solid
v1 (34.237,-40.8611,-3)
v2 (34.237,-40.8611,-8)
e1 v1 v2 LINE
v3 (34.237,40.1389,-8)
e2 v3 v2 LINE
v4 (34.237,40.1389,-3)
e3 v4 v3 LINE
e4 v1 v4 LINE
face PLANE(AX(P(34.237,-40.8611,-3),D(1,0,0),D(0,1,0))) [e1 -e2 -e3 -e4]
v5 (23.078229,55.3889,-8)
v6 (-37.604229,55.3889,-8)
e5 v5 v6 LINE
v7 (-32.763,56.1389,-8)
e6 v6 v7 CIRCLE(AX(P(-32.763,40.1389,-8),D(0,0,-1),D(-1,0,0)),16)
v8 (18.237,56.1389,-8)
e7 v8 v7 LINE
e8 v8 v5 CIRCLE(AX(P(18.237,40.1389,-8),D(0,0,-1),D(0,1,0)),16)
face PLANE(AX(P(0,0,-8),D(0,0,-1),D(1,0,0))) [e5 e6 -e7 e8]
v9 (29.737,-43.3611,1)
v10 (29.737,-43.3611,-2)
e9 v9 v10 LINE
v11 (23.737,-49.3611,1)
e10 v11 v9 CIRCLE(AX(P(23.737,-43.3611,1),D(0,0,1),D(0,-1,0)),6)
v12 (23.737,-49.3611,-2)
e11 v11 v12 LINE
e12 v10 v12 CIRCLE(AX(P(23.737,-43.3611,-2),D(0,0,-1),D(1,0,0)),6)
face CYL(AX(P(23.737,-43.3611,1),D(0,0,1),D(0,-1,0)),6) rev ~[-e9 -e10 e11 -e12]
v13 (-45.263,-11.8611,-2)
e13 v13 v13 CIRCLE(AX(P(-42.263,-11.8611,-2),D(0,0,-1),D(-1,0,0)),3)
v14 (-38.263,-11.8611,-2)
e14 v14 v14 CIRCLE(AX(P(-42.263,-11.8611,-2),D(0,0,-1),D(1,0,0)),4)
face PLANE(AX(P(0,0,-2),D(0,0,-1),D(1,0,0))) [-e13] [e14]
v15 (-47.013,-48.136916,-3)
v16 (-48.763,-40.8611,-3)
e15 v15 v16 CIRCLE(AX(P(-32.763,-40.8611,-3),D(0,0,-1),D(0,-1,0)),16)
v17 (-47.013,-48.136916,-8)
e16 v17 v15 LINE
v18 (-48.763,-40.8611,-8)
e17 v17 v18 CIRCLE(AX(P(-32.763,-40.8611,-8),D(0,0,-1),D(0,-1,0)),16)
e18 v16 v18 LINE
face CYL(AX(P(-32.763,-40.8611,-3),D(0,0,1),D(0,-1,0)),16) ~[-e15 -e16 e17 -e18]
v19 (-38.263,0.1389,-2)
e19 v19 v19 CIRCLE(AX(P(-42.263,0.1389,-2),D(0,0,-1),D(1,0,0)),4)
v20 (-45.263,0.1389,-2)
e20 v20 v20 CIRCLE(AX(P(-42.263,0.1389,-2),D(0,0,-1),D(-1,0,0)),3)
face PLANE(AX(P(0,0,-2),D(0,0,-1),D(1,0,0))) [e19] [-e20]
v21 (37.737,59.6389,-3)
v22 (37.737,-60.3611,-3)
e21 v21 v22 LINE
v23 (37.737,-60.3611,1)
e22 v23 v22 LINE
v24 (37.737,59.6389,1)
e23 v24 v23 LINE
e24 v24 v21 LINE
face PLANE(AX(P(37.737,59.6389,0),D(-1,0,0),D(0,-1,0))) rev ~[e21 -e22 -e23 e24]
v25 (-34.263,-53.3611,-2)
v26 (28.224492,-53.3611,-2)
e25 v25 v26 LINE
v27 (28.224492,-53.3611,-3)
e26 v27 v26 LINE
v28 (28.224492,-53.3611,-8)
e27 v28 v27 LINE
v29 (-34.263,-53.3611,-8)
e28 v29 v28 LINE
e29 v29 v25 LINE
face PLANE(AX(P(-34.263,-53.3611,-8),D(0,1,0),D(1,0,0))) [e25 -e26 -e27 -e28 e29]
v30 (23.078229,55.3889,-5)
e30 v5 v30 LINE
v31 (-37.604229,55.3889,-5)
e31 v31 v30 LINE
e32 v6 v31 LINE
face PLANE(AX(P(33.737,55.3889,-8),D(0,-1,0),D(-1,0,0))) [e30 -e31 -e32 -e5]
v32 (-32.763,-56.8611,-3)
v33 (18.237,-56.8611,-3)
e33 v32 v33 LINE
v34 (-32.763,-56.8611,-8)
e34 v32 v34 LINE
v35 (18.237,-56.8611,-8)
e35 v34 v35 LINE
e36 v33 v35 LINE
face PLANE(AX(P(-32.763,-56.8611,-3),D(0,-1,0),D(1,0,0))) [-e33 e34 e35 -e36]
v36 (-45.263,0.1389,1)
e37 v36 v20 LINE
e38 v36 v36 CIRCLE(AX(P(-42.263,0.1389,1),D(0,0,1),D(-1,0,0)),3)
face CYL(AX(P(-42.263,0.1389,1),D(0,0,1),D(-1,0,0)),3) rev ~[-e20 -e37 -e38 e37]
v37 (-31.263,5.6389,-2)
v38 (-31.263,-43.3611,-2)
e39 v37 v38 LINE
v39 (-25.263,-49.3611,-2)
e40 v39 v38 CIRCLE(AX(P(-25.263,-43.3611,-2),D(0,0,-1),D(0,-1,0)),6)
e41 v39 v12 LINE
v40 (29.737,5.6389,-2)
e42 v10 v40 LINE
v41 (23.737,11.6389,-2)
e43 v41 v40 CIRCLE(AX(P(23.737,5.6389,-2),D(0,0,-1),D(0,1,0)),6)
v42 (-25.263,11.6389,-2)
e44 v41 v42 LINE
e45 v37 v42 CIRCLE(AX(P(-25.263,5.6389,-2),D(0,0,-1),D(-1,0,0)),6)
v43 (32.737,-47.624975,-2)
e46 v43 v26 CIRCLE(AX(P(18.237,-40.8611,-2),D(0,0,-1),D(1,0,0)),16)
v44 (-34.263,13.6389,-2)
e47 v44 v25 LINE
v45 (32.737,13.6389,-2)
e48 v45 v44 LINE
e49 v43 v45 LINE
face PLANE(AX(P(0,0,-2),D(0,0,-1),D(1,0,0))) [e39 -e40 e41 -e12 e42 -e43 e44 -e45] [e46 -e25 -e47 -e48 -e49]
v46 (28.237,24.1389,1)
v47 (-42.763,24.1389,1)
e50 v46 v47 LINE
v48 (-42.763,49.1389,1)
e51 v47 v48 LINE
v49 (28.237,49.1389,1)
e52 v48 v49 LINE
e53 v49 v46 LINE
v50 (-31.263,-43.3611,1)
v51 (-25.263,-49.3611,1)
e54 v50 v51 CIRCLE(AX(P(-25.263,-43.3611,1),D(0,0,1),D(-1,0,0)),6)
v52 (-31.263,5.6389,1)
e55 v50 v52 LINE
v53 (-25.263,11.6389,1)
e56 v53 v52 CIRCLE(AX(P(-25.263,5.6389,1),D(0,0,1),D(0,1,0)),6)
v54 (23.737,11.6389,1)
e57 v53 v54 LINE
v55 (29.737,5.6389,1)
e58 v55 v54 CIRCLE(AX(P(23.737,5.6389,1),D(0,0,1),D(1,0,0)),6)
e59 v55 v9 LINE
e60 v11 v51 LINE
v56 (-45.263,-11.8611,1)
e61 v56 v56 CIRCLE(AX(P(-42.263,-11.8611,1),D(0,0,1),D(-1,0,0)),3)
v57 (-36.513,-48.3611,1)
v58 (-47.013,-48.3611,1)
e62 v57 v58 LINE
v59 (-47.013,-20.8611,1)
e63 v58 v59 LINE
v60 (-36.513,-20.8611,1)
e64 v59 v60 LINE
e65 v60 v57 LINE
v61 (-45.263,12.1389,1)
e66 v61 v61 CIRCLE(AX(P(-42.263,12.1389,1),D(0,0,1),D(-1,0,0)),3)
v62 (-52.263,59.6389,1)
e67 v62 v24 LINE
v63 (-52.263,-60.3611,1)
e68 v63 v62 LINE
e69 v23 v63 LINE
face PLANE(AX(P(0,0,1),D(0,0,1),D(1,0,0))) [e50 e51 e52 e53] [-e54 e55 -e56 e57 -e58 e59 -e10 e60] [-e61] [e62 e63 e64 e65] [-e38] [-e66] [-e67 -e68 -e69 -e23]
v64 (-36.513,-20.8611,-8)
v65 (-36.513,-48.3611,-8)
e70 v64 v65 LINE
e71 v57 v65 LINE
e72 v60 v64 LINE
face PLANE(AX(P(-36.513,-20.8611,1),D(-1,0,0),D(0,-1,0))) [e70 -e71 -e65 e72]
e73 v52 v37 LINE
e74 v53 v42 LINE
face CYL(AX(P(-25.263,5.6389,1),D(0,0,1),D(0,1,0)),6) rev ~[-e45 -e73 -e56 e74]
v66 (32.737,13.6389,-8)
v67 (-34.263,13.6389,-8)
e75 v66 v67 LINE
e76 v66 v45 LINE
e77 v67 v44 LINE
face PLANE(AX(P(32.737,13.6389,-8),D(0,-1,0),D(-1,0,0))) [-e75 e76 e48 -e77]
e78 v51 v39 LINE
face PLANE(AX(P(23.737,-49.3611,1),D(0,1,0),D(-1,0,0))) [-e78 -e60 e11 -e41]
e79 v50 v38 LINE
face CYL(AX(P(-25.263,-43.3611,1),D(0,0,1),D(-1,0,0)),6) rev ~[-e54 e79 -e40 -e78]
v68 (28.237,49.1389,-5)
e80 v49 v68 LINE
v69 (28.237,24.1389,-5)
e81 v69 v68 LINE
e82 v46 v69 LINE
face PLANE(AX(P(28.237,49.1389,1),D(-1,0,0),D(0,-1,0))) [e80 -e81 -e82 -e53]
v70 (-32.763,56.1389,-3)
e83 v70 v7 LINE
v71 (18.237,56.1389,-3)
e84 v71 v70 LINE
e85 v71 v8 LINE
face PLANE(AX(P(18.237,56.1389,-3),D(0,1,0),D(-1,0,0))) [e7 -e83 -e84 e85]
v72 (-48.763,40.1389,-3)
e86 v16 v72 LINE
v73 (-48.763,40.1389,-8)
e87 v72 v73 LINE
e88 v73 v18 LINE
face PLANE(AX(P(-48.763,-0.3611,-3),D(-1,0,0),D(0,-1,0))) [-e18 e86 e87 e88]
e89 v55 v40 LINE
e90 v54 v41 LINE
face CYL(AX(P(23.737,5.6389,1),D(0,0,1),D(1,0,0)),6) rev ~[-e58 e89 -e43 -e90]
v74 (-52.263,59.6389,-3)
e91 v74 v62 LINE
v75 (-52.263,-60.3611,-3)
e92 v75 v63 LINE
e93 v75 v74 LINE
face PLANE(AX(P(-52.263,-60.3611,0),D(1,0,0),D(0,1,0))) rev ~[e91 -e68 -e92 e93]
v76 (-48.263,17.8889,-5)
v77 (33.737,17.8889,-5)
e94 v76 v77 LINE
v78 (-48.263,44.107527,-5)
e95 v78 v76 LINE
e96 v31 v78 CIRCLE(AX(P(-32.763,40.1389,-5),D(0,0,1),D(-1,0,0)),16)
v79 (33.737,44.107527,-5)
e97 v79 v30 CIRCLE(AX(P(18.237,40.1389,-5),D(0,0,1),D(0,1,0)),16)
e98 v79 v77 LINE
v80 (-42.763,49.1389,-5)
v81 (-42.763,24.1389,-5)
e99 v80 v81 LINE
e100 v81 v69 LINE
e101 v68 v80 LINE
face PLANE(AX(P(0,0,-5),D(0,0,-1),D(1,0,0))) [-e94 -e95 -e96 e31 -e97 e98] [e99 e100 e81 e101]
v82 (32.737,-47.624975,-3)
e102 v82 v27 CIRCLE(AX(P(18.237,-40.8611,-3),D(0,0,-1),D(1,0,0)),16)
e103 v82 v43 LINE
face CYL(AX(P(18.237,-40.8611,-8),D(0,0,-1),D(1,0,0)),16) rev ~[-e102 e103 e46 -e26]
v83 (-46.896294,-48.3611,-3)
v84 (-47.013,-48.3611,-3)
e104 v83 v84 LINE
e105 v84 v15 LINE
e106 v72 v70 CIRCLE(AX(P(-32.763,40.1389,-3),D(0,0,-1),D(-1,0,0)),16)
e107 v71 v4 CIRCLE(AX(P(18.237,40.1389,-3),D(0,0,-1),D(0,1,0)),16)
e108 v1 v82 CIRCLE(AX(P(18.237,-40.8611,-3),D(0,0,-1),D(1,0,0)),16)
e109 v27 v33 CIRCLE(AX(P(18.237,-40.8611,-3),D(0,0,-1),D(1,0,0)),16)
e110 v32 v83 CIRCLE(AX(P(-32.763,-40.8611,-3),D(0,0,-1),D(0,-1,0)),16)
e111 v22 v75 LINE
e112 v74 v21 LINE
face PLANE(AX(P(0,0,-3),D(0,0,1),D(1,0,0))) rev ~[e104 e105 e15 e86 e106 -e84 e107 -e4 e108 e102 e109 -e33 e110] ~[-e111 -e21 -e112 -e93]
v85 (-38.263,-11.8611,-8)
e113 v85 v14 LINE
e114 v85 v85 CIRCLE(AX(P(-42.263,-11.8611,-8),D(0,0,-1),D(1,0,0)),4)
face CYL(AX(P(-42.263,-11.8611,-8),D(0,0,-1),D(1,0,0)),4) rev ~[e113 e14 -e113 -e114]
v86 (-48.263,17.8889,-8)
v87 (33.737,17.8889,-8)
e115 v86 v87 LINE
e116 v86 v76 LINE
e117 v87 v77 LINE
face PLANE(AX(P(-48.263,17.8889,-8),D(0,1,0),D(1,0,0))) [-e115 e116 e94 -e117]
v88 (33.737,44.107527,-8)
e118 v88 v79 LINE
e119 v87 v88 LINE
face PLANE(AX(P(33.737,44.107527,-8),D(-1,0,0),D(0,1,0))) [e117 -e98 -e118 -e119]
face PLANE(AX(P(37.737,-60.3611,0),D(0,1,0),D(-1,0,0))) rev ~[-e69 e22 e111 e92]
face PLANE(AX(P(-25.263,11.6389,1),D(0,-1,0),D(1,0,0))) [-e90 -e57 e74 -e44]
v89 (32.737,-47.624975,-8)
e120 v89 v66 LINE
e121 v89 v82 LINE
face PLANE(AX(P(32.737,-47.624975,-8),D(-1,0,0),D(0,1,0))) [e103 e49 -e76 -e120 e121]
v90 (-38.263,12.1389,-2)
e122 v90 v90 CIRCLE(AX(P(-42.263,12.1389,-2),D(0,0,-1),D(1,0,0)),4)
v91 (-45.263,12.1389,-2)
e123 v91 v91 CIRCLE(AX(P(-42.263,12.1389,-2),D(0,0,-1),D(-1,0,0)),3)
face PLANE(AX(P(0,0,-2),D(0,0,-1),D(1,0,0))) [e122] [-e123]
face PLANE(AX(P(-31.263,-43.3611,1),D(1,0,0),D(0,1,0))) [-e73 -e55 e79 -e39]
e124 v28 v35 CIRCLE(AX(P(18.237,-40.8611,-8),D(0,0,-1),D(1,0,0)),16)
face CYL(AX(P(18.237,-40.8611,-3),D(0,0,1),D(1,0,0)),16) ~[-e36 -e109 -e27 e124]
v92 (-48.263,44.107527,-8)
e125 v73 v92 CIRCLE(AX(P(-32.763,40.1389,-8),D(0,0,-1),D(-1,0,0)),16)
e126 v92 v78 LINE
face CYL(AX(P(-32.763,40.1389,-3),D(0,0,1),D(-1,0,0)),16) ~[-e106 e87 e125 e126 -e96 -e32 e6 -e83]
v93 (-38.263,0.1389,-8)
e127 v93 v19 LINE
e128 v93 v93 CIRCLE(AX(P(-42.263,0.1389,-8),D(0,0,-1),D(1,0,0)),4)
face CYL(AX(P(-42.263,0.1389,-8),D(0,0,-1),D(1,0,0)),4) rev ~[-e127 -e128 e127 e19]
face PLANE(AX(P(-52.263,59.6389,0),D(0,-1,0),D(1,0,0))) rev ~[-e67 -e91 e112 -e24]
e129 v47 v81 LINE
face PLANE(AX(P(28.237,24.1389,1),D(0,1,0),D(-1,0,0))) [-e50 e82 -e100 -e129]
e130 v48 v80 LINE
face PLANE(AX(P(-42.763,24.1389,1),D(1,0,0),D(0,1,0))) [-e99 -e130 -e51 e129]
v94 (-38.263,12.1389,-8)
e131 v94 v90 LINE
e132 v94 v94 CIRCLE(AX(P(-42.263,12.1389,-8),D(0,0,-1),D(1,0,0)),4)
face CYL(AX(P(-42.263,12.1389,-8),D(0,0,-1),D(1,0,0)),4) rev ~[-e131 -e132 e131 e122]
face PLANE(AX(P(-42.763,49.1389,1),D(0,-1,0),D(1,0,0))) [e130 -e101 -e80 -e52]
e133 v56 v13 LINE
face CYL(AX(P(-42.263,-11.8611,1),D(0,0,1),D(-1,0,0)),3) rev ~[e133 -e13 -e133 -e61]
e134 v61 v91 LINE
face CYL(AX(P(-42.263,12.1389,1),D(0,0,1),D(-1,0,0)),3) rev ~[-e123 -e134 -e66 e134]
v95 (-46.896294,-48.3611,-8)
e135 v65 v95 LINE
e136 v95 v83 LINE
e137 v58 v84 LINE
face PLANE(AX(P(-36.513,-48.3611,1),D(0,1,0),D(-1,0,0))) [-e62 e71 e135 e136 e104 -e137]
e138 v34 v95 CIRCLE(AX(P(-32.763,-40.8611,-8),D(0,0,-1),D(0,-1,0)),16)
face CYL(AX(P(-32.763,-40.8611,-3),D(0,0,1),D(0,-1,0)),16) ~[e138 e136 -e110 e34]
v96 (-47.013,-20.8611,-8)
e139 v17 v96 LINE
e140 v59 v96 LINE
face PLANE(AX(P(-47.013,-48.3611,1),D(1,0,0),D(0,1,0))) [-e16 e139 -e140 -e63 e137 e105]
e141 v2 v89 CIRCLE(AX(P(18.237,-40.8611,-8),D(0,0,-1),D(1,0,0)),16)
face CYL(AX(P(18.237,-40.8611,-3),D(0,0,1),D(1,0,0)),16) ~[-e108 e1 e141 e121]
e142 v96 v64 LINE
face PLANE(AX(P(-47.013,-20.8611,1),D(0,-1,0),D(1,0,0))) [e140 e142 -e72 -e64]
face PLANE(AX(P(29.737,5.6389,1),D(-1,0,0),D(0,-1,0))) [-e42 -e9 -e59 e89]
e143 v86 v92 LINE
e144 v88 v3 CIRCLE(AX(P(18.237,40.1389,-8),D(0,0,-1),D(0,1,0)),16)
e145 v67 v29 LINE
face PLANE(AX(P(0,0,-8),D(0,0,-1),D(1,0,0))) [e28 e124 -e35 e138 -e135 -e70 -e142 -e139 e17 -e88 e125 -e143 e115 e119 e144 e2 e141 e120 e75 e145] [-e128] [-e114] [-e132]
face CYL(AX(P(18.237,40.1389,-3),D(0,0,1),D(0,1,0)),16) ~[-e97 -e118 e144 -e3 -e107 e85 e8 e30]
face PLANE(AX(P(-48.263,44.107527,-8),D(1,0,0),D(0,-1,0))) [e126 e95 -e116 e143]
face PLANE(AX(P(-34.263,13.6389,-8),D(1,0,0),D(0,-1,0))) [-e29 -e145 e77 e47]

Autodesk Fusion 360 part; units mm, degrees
sketch "Skizze1" plane through (0, 0, 0) normal (0, 0, 1) x (1, 0, 0)
  line L0 (-52.263, 59.6389) -> (37.737, 59.6389)
  line L1 (37.737, 59.6389) -> (37.737, -60.3611)
  line L2 (37.737, -60.3611) -> (-52.263, -60.3611)
  line L3 (-52.263, -60.3611) -> (-52.263, 59.6389)
  dimension "d1" = 90
  dimension "d2" = 120
extrude "Extrusion1" add sketch "Skizze1" against normal blind 3
extrude "Extrusion2" add 1 faces at (-22.263, 19.6389, 0) along direction (0, 0, 1) blind 1
sketch "Skizze2" plane through (0, 0, 1) normal (0, 0, 1) x (-1, 0, 0)
  line L0 (52.263, 60.3611) -> (-37.737, 60.3611)
  line L1 (-37.737, 60.3611) -> (-37.737, -59.6389)
  line L2 (-37.737, -59.6389) -> (52.263, -59.6389)
  line L3 (52.263, -59.6389) -> (52.263, 60.3611)
  line L4 (25.263, -11.6389) -> (-23.737, -11.6389)
  line L5 (-29.737, -5.6389) -> (-29.737, 43.3611)
  line L6 (-23.737, 49.3611) -> (25.263, 49.3611)
  line L7 (31.263, 43.3611) -> (31.263, -5.6389)
  line L8 (33.263, -12.6389) -> (-31.737, -12.6389)
  line L9 (-31.737, -12.6389) -> (-31.737, 52.3611)
  line L10 (-31.737, 52.3611) -> (33.263, 52.3611)
  line L11 (33.263, 52.3611) -> (33.263, -12.6389)
  line L12 (42.763, -49.1389) -> (-28.237, -49.1389)
  line L13 (-28.237, -49.1389) -> (-28.237, -24.1389)
  line L14 (-28.237, -24.1389) -> (42.763, -24.1389)
  line L15 (42.763, -24.1389) -> (42.763, -49.1389)
  circle A0 centre (42.263, -12.1389) radius 3
  circle A1 centre (42.263, -0.1389) radius 3
  circle A2 centre (42.263, 11.8611) radius 3
  line L16 (47.013, 20.8611) -> (36.513, 20.8611)
  line L17 (36.513, 20.8611) -> (36.513, 48.3611)
  line L18 (36.513, 48.3611) -> (47.013, 48.3611)
  line L19 (47.013, 48.3611) -> (47.013, 20.8611)
  arc A3 (-29.737, -5.6389) -> (-23.737, -11.6389) centre (-23.737, -5.6389) ccw
  arc A4 (25.263, -11.6389) -> (31.263, -5.6389) centre (25.263, -5.6389) ccw
  arc A5 (31.263, 43.3611) -> (25.263, 49.3611) centre (25.263, 43.3611) ccw
  arc A6 (-23.737, 49.3611) -> (-29.737, 43.3611) centre (-23.737, 43.3611) ccw
  point P0 (31.263, -11.6389)
  point P1 (-29.737, -11.6389)
  point P2 (31.263, 49.3611)
  dimension "d7" = 61
  dimension "d8" = 61
  dimension "d10" = 11
  dimension "d11" = 65
  dimension "d12" = 65
  dimension "d13" = 8
  dimension "d19" = 25
  dimension "d20" = 71
  dimension "d23" = 8
  dimension "d24" = 6
  dimension "d25" = 6
  dimension "d26" = 9
  dimension "d28" = 6
  dimension "d29" = 6
  dimension "d30" = 12
  dimension "d31" = 9
  dimension "d32" = 9
  dimension "d33" = 12
  dimension "d34" = 10.5
  dimension "d35" = 27.5
  dimension "d36" = 12
  dimension "d37" = 5.25
  dimension "d62" = 6
  dimension "d63" = 6
  dimension "d82" = 12
sketch "Skizze3" plane through (0, 0, -3) normal (0, 0, -1) x (1, 0, 0)
  line L0 (37.737, 60.3611) -> (-52.263, 60.3611)
  line L1 (-52.263, 60.3611) -> (-52.263, -59.6389)
  line L2 (-52.263, -59.6389) -> (37.737, -59.6389)
  line L3 (37.737, -59.6389) -> (37.737, 60.3611)
  line L4 (-32.763, 56.8611) -> (18.237, 56.8611)
  line L5 (34.237, 40.8611) -> (34.237, -56.1389)
  line L6 (34.237, -56.1389) -> (-48.763, -56.1389)
  line L7 (-48.763, -56.1389) -> (-48.763, 40.8611)
  arc A0 (34.237, 40.8611) -> (18.237, 56.8611) centre (18.237, 40.8611) ccw
  arc A1 (-32.763, 56.8611) -> (-48.763, 40.8611) centre (-32.763, 40.8611) ccw
  line L8 (-52.263, 0.3611) -> (37.737, 0.3611)
  arc A2 (-48.763, -40.1389) -> (-32.763, -56.1389) centre (-32.763, -40.1389) ccw
  arc A3 (18.237, -56.1389) -> (34.237, -40.1389) centre (18.237, -40.1389) ccw
  dimension "d38" = 3.5
  dimension "d39" = 3.5
  dimension "d40" = 3.5
  dimension "d41" = 3.5
  dimension "d45" = 16
  dimension "d46" = 16
extrude "Extrusion3" add sketch "Skizze3" along normal blind 5 contours L4 L5 L7 A0 A1 L8 | L5 L6 L7 L8 A2 A3
extrude "Extrusion4" cut sketch "Skizze2" against normal blind 9 contours A1
extrude "Extrusion5" cut sketch "Skizze2" against normal blind 9 contours A0 | A2
sketch "Skizze4" plane through (0, 0, -8) normal (0, 0, -1) x (1, 0, 0)
  circle A0 centre (-42.263, -12.1389) radius 3
  circle A1 centre (-42.263, 11.8611) radius 3
  circle A2 centre (-42.263, -0.1389) radius 3
  arc A3 (-48.763, -40.1389) -> (-32.763, -56.1389) centre (-32.763, -40.1389) ccw
  line L0 (-32.763, -56.1389) -> (18.237, -56.1389)
  arc A4 (18.237, -56.1389) -> (34.237, -40.1389) centre (18.237, -40.1389) ccw
  line L1 (34.237, -40.1389) -> (34.237, 40.8611)
  arc A5 (34.237, 40.8611) -> (18.237, 56.8611) centre (18.237, 40.8611) ccw
  line L2 (18.237, 56.8611) -> (-32.763, 56.8611)
  arc A6 (-32.763, 56.8611) -> (-48.763, 40.8611) centre (-32.763, 40.8611) ccw
  line L3 (-48.763, 40.8611) -> (-48.763, -40.1389)
  circle A7 centre (-42.263, 11.8611) radius 4
  circle A8 centre (-42.263, -0.1389) radius 4
  circle A9 centre (-42.263, -12.1389) radius 4
  dimension "d53" = 8
  dimension "d54" = 8
  dimension "d55" = 8
extrude "Extrusion6" cut sketch "Skizze4" against normal blind 6 contours A7 | A8 | A9
extrude "Extrusion7" cut sketch "Skizze2" against normal blind 9 contours L16 L17 L18 L19
extrude "Extrusion8" cut sketch "Skizze2" against normal blind 9 contours L12 L13 L14 L15
extrude "Extrusion9" cut sketch "Skizze2" against normal blind 9 contours L4 L5 L6 L7 A3 A4 A5 A6
sketch "Skizze5" plane through (0, 0, -8) normal (0, 0, -1) x (1, 0, 0)
  line L0 (-25.263, 49.3611) -> (23.737, 49.3611)
  arc A0 (29.737, 43.3611) -> (23.737, 49.3611) centre (23.737, 43.3611) ccw
  line L1 (29.737, 43.3611) -> (29.737, -5.6389)
  arc A1 (23.737, -11.6389) -> (29.737, -5.6389) centre (23.737, -5.6389) ccw
  line L2 (23.737, -11.6389) -> (-25.263, -11.6389)
  arc A2 (-31.263, -5.6389) -> (-25.263, -11.6389) centre (-25.263, -5.6389) ccw
  line L3 (-31.263, -5.6389) -> (-31.263, 43.3611)
  arc A3 (-25.263, 49.3611) -> (-31.263, 43.3611) centre (-25.263, 43.3611) ccw
  line L4 (28.237, -24.1389) -> (28.237, -49.1389)
  line L5 (28.237, -49.1389) -> (-42.763, -49.1389)
  line L6 (-42.763, -49.1389) -> (-42.763, -24.1389)
  line L7 (-42.763, -24.1389) -> (28.237, -24.1389)
  line L8 (-47.013, 20.8611) -> (-47.013, 48.1369)
  arc A4 (-47.013, 48.1369) -> (-48.763, 40.8611) centre (-32.763, 40.8611) ccw
  line L9 (-48.763, 40.8611) -> (-48.763, -40.1389)
  arc A5 (-48.763, -40.1389) -> (-32.763, -56.1389) centre (-32.763, -40.1389) ccw
  line L10 (-32.763, -56.1389) -> (18.237, -56.1389)
  arc A6 (18.237, -56.1389) -> (34.237, -40.1389) centre (18.237, -40.1389) ccw
  line L11 (34.237, -40.1389) -> (34.237, 40.8611)
  arc A7 (34.237, 40.8611) -> (18.237, 56.8611) centre (18.237, 40.8611) ccw
  line L12 (18.237, 56.8611) -> (-32.763, 56.8611)
  arc A8 (-32.763, 56.8611) -> (-46.8963, 48.3611) centre (-32.763, 40.8611) ccw
  line L13 (-46.8963, 48.3611) -> (-36.513, 48.3611)
  line L14 (-36.513, 48.3611) -> (-36.513, 20.8611)
  line L15 (-36.513, 20.8611) -> (-47.013, 20.8611)
  circle A9 centre (-42.263, 11.8611) radius 4
  circle A10 centre (-42.263, -0.1389) radius 4
  circle A11 centre (-42.263, -12.1389) radius 4
  line L16 (32.737, -13.6389) -> (-34.263, -13.6389)
  line L17 (-34.263, -13.6389) -> (-34.263, 53.3611)
  line L18 (-34.263, 53.3611) -> (32.737, 53.3611)
  line L19 (32.737, 53.3611) -> (32.737, -13.6389)
  line L20 (37.737, 60.3611) -> (37.737, -59.6389)
  line L21 (-52.263, 60.3611) -> (37.737, 60.3611)
  dimension "d66" = 67
  dimension "d67" = 67
  dimension "d68" = 5
  dimension "d69" = 7
extrude "Extrusion10" cut sketch "Skizze5" against normal blind 6 contours A7 L16 L17 L18 L19
sketch "Skizze6" plane through (0, 0, 1) normal (0, 0, 1) x (-1, 0, 0)
  line L0 (42.763, -49.1389) -> (-28.237, -49.1389)
  line L1 (-28.237, -49.1389) -> (-28.237, -24.1389)
sketch "Skizze7" plane through (0, 0, -8) normal (0, 0, -1) x (1, 0, 0)
  line L0 (-34.263, 53.3611) -> (28.2245, 53.3611)
  arc A0 (28.2245, 53.3611) -> (18.237, 56.8611) centre (18.237, 40.8611) ccw
  line L1 (18.237, 56.8611) -> (-32.763, 56.8611)
  arc A1 (-32.763, 56.8611) -> (-46.8963, 48.3611) centre (-32.763, 40.8611) ccw
  line L2 (-46.8963, 48.3611) -> (-36.513, 48.3611)
  line L3 (-36.513, 48.3611) -> (-36.513, 20.8611)
  line L4 (-36.513, 20.8611) -> (-47.013, 20.8611)
  line L5 (-47.013, 20.8611) -> (-47.013, 48.1369)
  arc A2 (-47.013, 48.1369) -> (-48.763, 40.8611) centre (-32.763, 40.8611) ccw
  line L6 (-48.763, 40.8611) -> (-48.763, -40.1389)
  arc A3 (-48.763, -40.1389) -> (-32.763, -56.1389) centre (-32.763, -40.1389) ccw
  line L7 (-32.763, -56.1389) -> (18.237, -56.1389)
  arc A4 (18.237, -56.1389) -> (34.237, -40.1389) centre (18.237, -40.1389) ccw
  line L8 (34.237, -40.1389) -> (34.237, 40.8611)
  arc A5 (34.237, 40.8611) -> (32.737, 47.625) centre (18.237, 40.8611) ccw
  line L9 (32.737, 47.625) -> (32.737, -13.6389)
  line L10 (32.737, -13.6389) -> (-34.263, -13.6389)
  line L11 (-34.263, -13.6389) -> (-34.263, 53.3611)
  line L12 (28.237, -24.1389) -> (28.237, -49.1389)
  line L13 (28.237, -49.1389) -> (-42.763, -49.1389)
  line L14 (-42.763, -49.1389) -> (-42.763, -24.1389)
  line L15 (-42.763, -24.1389) -> (28.237, -24.1389)
  circle A6 centre (-42.263, 11.8611) radius 4
  circle A7 centre (-42.263, -0.1389) radius 4
  circle A8 centre (-42.263, -12.1389) radius 4
  line L16 (33.737, -55.3889) -> (-48.263, -55.3889)
  line L17 (-48.263, -55.3889) -> (-48.263, -17.8889)
  line L18 (-48.263, -17.8889) -> (33.737, -17.8889)
  line L19 (33.737, -17.8889) -> (33.737, -55.3889)
  line L20 (-42.763, -49.1389) -> (28.237, -49.1389)
  line L21 (28.237, -49.1389) -> (28.237, -24.1389)
  dimension "d76" = 82
  dimension "d77" = 37.5
  dimension "d78" = 6.25
  dimension "d79" = 5.5
extrude "Extrusion11" cut sketch "Skizze7" against normal blind 3 contours A4 L16 L19 | A3 A4 L16 L17 L18 L19 | A3 L16 L17
